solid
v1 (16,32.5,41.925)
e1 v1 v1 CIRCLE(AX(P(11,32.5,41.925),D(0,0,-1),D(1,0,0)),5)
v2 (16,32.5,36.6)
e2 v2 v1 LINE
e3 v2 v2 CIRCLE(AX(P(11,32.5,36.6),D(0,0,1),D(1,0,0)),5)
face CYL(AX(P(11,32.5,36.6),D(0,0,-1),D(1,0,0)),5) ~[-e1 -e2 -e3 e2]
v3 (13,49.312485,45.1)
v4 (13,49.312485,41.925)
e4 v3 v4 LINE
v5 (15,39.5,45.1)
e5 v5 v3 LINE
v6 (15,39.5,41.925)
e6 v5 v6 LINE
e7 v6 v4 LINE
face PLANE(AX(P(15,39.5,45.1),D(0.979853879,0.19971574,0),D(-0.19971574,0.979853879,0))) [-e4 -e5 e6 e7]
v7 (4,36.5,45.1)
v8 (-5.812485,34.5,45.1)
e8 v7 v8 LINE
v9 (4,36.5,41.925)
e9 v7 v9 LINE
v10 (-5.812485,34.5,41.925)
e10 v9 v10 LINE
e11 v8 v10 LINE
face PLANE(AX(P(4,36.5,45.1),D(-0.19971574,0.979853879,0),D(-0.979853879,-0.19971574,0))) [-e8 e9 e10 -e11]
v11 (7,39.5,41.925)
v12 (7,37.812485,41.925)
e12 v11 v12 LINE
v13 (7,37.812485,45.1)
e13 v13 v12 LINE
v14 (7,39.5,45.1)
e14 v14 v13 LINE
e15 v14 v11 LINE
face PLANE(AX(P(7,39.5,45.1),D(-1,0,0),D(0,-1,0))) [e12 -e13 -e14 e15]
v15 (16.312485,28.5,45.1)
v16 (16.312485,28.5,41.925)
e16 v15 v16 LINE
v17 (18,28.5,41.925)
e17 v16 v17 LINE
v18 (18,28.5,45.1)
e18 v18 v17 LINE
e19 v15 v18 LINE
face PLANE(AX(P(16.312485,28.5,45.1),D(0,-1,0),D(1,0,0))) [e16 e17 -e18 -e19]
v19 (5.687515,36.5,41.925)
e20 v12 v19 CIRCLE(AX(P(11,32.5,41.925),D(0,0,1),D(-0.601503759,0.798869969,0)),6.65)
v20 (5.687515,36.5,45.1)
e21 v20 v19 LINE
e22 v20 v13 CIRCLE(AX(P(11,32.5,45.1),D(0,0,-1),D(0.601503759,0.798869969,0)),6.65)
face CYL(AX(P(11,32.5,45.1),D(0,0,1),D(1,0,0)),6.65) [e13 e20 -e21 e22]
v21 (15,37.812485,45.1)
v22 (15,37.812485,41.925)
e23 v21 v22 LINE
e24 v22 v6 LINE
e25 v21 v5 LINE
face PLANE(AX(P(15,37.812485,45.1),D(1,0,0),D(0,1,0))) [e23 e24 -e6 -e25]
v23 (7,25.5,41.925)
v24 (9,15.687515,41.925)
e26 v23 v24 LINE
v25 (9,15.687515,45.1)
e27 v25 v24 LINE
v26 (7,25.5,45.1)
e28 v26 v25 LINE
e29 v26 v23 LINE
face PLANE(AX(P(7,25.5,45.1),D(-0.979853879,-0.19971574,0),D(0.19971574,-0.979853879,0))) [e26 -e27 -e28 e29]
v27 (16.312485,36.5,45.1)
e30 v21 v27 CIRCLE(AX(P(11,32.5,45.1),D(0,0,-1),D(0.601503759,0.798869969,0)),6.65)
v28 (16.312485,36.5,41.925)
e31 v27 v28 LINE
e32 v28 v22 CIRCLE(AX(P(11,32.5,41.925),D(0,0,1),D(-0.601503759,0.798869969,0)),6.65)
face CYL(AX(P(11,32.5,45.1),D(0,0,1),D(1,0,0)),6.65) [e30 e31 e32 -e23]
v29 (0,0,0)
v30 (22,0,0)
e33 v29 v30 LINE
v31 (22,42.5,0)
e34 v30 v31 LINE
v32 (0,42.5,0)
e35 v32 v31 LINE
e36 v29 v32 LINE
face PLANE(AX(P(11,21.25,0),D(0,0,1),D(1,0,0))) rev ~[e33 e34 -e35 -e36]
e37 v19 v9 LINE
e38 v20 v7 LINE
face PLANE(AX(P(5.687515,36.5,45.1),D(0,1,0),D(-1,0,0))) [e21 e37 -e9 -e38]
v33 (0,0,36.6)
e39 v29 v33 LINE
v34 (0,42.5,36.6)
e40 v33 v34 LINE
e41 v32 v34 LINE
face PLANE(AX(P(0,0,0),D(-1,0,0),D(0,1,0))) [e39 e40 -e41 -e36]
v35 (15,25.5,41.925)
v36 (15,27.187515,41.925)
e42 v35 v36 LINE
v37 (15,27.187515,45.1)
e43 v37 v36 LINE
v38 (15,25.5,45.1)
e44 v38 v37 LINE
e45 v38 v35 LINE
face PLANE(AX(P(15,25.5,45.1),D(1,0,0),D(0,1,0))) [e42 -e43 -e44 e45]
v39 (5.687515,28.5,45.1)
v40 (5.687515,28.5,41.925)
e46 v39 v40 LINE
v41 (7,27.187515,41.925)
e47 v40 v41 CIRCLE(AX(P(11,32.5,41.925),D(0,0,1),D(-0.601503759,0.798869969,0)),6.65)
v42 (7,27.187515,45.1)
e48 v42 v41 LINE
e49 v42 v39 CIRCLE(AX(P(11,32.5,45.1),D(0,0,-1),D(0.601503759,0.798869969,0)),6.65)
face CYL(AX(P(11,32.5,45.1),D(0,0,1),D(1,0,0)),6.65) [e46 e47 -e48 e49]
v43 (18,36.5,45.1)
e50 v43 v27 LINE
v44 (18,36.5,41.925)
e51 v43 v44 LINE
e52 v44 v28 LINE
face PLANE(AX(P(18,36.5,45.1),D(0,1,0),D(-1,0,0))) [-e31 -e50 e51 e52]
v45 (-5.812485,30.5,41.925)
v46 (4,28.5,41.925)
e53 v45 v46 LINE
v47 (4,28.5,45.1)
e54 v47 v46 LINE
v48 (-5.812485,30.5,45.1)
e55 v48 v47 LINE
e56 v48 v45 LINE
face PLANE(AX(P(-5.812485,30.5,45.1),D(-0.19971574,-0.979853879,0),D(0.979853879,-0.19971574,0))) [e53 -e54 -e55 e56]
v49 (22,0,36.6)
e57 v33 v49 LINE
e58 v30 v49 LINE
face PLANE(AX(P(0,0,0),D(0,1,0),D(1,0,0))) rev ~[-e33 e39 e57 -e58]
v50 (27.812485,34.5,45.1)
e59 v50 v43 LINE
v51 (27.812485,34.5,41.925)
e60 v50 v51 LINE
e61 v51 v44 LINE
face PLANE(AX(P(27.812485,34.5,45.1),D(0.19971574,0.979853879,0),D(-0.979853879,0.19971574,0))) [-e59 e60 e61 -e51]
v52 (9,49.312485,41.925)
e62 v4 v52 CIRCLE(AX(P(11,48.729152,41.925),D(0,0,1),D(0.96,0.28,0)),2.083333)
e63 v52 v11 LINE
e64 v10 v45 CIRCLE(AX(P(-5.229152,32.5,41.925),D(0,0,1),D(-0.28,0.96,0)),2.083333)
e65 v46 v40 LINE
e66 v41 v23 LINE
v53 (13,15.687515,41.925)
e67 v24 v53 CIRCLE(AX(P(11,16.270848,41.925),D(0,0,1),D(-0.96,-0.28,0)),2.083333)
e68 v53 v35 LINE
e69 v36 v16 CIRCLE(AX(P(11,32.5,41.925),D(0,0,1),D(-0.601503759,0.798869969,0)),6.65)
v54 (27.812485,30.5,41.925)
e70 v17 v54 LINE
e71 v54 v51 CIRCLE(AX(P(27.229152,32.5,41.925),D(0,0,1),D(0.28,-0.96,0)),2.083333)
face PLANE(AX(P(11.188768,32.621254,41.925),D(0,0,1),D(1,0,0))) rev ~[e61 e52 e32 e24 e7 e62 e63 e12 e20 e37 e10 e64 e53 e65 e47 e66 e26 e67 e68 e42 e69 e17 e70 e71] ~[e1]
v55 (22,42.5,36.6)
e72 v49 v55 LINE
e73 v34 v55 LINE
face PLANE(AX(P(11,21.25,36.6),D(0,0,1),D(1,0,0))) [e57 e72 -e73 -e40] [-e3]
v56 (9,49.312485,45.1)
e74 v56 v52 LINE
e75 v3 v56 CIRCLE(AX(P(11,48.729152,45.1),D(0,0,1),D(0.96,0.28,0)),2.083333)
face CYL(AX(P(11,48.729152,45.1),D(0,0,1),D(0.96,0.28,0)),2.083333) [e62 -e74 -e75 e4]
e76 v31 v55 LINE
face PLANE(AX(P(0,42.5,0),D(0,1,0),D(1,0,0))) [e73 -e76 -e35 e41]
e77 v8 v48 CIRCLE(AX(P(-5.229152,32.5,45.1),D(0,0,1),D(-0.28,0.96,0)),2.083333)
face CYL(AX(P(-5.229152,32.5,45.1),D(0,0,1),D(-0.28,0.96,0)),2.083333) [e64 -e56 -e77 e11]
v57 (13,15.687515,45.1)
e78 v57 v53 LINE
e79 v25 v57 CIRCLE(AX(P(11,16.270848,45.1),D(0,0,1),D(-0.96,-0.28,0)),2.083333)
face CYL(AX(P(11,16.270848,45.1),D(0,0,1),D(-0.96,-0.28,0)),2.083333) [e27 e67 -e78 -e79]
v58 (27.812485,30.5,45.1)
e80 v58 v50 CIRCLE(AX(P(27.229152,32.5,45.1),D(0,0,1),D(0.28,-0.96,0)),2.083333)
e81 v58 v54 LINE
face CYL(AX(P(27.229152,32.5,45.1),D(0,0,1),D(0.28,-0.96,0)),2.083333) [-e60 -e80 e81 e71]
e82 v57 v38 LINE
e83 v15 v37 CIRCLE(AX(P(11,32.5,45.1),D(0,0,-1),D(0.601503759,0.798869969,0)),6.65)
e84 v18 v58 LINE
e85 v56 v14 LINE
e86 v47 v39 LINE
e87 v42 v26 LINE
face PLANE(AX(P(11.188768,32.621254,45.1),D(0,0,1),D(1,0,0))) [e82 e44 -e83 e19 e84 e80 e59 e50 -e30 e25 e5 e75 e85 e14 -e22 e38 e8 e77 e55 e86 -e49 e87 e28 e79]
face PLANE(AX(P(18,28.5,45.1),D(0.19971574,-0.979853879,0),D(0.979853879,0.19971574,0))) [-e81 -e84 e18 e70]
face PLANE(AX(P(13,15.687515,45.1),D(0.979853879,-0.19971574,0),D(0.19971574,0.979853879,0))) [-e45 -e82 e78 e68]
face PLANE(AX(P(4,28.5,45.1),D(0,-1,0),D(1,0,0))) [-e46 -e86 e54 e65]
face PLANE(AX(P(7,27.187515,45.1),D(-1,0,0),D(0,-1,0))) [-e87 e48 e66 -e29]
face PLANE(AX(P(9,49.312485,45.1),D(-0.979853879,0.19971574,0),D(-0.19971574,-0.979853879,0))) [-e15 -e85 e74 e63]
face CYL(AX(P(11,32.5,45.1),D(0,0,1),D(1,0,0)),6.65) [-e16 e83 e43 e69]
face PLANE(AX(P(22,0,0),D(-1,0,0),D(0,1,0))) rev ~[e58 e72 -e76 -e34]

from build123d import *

# Parameters (mm, degrees)
F0_W     = 22
F0_H     = 42.5
F1_DEPTH = 36.6
F2_R     = 5
F3_DEPTH = 8.5
F6_DEPTH = 3.175
F7_DEPTH = 3.175
F8_COUNT = 4


with BuildPart() as f1:
    # F0 (on Top) → F1 (new body)
    with BuildSketch(Plane.XY):
        with Locations((11, 21.25)):
            Rectangle(F0_W, F0_H)
    extrude(amount=F1_DEPTH)

    # F2 (on face) → F3 (join)
    with BuildSketch(Plane.XY.offset(36.6)):
        with Locations((11, 32.5)):
            Circle(F2_R)
    extrude(amount=F3_DEPTH)

    # F5 (on offset) → F6 (join)
    with BuildSketch(Plane.XY.offset(45.1)):
        with BuildLine():
            ThreePointArc((7, 37.8124852941), (8.0316250237, 26.5492647513), (17.65, 32.5))
            ThreePointArc((17.65, 32.5), (16.9507352487, 35.4683749763), (15, 37.8124852941))
            Line((15, 37.8124852941), (7, 37.8124852941))
        make_face()
        with BuildLine():
            Line((7, 37.8124852941), (15, 37.8124852941))
            ThreePointArc((15, 37.8124852941), (11, 39.15), (7, 37.8124852941))
        make_face()
    extrude(amount=-F6_DEPTH)



with BuildPart() as f7:
    # F5 (on offset) → F7 (new body)
    with BuildSketch(Plane.XY.offset(45.1)):
        with BuildLine():
            ThreePointArc((7, 37.8124852941), (11, 39.15), (15, 37.8124852941))
            Line((15, 37.8124852941), (15, 39.5))
            Line((15, 39.5), (13, 49.3124852941))
            ThreePointArc((13, 49.3124852941), (11, 50.8124852941), (9, 49.3124852941))
            Line((9, 49.3124852941), (7, 39.5))
            Line((7, 39.5), (7, 37.8124852941))
        make_face()
    extrude(amount=-F7_DEPTH)


with BuildPart() as f1_1:
    add(f1.part)

    add(f7.part)  # F8 merges F7
    # F8: F7 ×4 about axis
    f8_axis = Axis((11, 32.5, 45.1), (0, 0, 1))
    for i in range(1, F8_COUNT):
        add(f7.part.rotate(f8_axis, i * 360 / F8_COUNT))


solid = f1_1.part
